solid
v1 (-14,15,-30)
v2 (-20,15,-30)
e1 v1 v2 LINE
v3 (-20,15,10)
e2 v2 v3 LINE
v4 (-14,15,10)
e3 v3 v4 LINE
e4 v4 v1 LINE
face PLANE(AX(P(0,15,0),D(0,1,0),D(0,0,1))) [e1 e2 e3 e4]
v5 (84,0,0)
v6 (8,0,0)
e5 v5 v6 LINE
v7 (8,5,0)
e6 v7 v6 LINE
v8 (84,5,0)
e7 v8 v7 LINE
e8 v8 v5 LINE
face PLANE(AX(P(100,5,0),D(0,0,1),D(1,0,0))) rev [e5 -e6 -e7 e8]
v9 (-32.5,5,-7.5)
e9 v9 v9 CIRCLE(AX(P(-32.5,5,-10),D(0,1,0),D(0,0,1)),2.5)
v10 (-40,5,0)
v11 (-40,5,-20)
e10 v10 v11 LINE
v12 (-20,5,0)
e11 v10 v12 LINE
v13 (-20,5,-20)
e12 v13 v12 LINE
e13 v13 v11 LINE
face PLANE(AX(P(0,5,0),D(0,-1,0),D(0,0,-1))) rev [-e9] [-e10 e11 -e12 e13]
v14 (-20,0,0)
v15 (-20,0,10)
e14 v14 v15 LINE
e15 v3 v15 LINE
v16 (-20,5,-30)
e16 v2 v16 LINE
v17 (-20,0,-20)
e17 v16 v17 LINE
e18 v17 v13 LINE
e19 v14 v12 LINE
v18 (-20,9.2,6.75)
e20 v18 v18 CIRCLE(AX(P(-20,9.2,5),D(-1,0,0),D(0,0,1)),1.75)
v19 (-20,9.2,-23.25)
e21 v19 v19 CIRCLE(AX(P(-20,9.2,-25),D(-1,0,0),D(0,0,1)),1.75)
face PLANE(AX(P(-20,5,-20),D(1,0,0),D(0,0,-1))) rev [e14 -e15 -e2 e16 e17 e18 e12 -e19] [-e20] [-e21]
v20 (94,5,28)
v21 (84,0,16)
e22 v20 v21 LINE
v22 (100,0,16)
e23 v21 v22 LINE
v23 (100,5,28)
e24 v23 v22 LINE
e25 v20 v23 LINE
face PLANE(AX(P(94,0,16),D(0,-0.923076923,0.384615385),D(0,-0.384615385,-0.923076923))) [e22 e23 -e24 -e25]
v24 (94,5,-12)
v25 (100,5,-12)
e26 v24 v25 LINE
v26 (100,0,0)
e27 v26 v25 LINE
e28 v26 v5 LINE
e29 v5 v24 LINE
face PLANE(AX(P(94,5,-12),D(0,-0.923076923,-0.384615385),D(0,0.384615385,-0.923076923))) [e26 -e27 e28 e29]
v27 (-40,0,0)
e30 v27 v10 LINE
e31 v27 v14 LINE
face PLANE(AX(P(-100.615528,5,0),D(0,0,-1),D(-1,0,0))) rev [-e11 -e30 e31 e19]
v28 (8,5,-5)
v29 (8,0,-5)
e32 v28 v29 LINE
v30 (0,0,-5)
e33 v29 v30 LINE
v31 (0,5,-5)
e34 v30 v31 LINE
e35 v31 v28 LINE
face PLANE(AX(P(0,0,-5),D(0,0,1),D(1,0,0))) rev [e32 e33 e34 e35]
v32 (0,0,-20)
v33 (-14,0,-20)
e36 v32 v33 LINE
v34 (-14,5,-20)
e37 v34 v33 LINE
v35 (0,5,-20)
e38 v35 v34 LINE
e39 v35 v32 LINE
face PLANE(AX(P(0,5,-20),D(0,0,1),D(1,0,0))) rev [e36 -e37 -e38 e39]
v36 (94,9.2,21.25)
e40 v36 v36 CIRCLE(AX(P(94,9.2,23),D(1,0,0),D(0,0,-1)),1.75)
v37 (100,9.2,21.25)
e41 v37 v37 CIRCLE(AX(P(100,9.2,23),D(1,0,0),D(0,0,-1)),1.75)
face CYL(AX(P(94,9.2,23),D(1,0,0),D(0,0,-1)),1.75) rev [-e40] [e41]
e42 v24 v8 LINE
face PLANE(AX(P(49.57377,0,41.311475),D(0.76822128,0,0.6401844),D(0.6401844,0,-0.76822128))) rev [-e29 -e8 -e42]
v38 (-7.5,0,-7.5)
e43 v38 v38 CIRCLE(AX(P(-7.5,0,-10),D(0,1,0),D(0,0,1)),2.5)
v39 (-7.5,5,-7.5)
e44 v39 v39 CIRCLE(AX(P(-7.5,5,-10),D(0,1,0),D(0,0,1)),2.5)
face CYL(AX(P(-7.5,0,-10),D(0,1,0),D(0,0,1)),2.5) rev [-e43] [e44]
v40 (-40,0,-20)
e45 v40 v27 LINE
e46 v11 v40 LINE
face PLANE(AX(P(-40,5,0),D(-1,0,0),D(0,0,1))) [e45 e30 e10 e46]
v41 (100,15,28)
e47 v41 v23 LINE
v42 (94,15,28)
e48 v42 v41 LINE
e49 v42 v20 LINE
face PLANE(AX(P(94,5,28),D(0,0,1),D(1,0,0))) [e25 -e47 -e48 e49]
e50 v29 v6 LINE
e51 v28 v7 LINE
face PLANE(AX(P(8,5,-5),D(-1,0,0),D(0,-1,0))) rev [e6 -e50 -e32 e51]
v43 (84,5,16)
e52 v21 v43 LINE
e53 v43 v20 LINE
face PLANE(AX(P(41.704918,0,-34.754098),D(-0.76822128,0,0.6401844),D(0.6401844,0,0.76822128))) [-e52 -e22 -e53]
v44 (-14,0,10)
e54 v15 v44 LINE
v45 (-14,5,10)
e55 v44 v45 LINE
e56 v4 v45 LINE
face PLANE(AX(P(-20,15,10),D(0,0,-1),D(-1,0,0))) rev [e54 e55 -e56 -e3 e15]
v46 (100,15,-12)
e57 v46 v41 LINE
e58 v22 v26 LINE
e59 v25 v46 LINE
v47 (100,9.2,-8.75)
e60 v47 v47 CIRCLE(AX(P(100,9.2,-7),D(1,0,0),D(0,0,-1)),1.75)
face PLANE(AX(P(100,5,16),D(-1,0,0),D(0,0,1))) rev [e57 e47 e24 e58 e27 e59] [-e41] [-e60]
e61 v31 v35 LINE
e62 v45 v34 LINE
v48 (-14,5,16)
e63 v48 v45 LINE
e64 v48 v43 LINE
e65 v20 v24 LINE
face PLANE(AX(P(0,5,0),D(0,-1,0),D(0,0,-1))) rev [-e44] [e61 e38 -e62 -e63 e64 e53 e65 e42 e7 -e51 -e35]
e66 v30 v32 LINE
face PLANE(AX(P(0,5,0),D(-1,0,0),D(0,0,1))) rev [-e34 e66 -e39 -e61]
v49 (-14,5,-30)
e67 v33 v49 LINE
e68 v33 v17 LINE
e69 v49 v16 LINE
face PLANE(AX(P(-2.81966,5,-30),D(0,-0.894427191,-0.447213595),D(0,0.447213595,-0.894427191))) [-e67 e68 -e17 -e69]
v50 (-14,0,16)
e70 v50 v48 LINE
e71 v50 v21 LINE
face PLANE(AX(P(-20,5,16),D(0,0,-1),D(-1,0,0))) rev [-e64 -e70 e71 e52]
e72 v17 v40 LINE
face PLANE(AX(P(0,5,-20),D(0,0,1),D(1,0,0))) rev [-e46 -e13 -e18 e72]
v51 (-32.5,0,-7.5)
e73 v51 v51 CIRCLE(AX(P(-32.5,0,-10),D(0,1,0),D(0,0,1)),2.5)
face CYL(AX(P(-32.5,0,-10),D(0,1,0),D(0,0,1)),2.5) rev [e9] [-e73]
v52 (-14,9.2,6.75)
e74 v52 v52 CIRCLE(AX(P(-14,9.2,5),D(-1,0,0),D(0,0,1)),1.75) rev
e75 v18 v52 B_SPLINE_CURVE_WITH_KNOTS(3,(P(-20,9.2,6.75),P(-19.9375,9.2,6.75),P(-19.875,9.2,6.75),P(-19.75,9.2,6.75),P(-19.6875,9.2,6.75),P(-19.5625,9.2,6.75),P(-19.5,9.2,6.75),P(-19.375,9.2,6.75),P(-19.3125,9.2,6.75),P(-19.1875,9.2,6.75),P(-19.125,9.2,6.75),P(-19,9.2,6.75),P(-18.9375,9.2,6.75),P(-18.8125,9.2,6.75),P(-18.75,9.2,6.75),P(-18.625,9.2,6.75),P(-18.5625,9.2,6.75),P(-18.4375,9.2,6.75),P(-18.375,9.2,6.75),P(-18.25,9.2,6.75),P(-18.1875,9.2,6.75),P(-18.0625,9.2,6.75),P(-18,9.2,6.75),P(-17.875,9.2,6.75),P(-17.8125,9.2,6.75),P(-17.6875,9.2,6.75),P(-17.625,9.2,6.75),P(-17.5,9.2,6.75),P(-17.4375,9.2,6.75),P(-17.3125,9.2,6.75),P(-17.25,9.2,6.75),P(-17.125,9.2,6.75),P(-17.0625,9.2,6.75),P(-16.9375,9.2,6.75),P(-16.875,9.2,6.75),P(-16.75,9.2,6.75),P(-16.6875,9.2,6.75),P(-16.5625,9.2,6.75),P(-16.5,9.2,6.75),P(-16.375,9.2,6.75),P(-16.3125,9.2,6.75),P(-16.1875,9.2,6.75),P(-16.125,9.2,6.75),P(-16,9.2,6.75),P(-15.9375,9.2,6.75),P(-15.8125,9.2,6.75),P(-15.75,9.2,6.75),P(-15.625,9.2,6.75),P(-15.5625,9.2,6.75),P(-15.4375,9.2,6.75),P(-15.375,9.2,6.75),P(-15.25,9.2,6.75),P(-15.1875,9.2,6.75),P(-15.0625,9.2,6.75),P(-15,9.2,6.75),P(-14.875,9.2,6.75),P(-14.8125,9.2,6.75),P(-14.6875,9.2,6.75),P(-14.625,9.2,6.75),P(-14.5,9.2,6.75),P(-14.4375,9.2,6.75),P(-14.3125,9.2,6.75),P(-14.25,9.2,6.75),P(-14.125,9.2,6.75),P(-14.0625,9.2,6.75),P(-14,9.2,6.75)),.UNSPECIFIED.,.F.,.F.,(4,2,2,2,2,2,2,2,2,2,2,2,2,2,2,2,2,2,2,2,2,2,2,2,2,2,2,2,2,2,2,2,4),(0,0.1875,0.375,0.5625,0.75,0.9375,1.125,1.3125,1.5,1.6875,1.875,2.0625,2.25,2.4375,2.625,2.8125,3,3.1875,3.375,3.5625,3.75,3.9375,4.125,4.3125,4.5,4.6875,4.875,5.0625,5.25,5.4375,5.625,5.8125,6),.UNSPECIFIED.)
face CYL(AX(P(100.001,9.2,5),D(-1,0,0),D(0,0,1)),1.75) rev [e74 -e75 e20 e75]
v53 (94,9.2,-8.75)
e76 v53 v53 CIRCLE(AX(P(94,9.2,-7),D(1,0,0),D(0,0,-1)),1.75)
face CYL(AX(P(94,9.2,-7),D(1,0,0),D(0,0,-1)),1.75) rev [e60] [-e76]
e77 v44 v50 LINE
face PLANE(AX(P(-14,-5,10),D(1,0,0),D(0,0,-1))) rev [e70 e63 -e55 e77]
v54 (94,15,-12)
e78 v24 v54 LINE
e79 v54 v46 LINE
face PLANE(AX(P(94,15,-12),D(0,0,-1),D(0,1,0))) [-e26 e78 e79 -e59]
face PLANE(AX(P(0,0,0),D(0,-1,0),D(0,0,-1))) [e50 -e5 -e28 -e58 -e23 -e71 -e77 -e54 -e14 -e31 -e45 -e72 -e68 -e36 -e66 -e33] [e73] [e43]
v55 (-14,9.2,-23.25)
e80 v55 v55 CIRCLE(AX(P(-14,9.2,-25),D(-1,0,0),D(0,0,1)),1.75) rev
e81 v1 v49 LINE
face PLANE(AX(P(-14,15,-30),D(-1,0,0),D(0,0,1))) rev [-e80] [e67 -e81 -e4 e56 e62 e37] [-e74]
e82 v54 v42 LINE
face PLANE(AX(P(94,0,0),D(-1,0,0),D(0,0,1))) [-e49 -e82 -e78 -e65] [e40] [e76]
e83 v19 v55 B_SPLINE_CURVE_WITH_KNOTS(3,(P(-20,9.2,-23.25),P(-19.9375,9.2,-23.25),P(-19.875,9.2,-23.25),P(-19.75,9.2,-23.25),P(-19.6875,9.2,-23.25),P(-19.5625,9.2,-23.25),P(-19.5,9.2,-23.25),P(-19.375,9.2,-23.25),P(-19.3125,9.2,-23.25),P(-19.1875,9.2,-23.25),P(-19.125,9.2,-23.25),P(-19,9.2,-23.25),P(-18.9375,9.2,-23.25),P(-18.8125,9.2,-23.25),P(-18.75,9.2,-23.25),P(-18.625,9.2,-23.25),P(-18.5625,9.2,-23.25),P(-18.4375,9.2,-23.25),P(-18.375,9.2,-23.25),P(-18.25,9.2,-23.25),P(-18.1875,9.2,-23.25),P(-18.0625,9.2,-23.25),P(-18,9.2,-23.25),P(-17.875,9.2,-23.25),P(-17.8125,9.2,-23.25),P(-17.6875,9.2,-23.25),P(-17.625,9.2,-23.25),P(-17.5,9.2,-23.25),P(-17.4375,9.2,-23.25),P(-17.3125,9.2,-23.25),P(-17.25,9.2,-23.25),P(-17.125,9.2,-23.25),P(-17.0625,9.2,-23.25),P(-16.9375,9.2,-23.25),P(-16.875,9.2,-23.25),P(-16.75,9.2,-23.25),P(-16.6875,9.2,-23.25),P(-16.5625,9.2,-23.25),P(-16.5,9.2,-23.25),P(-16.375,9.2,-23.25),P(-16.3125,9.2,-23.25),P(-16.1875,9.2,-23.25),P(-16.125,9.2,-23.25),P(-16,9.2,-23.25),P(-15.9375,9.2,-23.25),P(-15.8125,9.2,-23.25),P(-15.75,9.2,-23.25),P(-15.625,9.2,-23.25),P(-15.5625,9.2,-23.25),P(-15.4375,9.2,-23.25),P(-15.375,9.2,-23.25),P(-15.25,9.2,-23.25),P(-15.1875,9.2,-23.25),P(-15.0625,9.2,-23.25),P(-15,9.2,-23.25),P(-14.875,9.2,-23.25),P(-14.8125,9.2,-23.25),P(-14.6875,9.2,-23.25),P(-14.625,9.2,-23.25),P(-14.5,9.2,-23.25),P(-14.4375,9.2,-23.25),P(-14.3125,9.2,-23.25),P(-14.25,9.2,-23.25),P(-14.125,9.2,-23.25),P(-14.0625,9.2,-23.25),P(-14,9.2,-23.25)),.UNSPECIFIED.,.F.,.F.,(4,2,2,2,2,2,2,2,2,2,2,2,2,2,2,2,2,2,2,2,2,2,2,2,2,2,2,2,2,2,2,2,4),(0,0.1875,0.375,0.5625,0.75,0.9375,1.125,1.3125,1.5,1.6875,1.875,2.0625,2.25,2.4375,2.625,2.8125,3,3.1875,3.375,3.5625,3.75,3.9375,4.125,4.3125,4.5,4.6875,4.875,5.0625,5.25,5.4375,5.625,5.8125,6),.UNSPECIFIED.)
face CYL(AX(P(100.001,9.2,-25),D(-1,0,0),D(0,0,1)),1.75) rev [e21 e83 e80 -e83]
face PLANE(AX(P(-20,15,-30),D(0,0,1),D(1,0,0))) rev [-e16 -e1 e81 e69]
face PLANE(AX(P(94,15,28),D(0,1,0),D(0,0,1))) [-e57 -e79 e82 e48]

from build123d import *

# Parameters (mm, degrees)
EXTRUDE_1_DEPTH     = 5
SKETCH_2_R          = 1.75
EXTRUDE_2_DEPTH     = 6
SKETCH_3_W          = 20
SKETCH_3_H          = 5
EXTRUDE_3_DEPTH     = 20
SKETCH_4_R          = 2.5
CUT_EXTRUDE_1_DEPTH = 105.326410846
SKETCH_5_W          = 6
SKETCH_5_H          = 40
EXTRUDE_4_DEPTH     = 10
EXTRUDE_5_DEPTH     = 6
CUT_EXTRUDE_2_REACH = 126.599
SKETCH_8_R          = 1.75
EXTRUDE_6_DEPTH     = 10
CUT_EXTRUDE_3_REACH = 106.109
CUT_EXTRUDE_4_REACH = 117.472
SKETCH_16_W         = 6
SKETCH_16_H         = 6
CUT_EXTRUDE_5_DEPTH = 10
SKETCH_17_W         = 8
SKETCH_17_H         = 5
EXTRUDE_7_DEPTH     = 5


with BuildPart() as part:
    # 草图1 → 凸台-拉伸1 (new body)
    with BuildSketch(Plane(origin=(0, 0, 0), x_dir=(1, 0, 0), z_dir=(0, 1, 0))):
        Polygon((0, 0), (0, 20), (-20, 20), (-20, -16), (100, -16), (100, 0), align=None)
    extrude(amount=EXTRUDE_1_DEPTH)

    # 草图2 → 凸台-拉伸2 (add)
    with BuildSketch(Plane(origin=(100, 0, 0), x_dir=(0, 0, -1), z_dir=(1, 0, 0))):
        Polygon((-16, 0), (-28, 5), (-28, 15), (12, 15), (12, 5), (0, 0), align=None)
        with Locations((-23, 9.2)):
            Circle(SKETCH_2_R, mode=Mode.SUBTRACT)
        with Locations((7, 9.2)):
            Circle(SKETCH_2_R, mode=Mode.SUBTRACT)
    extrude(amount=-EXTRUDE_2_DEPTH)

    # 草图3 → 凸台-拉伸3 (add)
    with BuildSketch(Plane.ZY.offset(20)):
        with Locations((-10, 2.5)):
            Rectangle(SKETCH_3_W, SKETCH_3_H)
    extrude(amount=EXTRUDE_3_DEPTH)

    # 草图4 → 切除-拉伸1 (cut, through all)
    with BuildSketch(Plane(origin=(0, 5, 0), x_dir=(1, 0, 0), z_dir=(0, 1, 0))):
        with Locations(Location((-32.5, 10, 0), (0, 0, 270))):
            Circle(SKETCH_4_R)
        with Locations(Location((-7.5, 10, 0), (0, 0, 270))):
            Circle(SKETCH_4_R)
    extrude(amount=-CUT_EXTRUDE_1_DEPTH, mode=Mode.SUBTRACT)

    # 草图5 → 凸台-拉伸4 (add)
    with BuildSketch(Plane(origin=(0, 5, 0), x_dir=(1, 0, 0), z_dir=(0, 1, 0))):
        with Locations((-17, 10)):
            Rectangle(SKETCH_5_W, SKETCH_5_H)
    extrude(amount=EXTRUDE_4_DEPTH)

    # 草图7 → 凸台-拉伸5 (add)
    with BuildSketch(Plane.ZY.offset(20)):
        Polygon((-30, 5), (-20, 0), (-20, 5), align=None)
    extrude(amount=-EXTRUDE_5_DEPTH)

    # 草图8 → 切除-拉伸2 (cut, up to next)
    with BuildSketch(Plane.ZY.offset(20), mode=Mode.PRIVATE) as cut_extrude_2_sk1:
        with Locations((-25, 9.2)):
            Circle(SKETCH_8_R)
    cut_extrude_2_tool1 = extrude(cut_extrude_2_sk1.sketch, amount=-CUT_EXTRUDE_2_REACH, mode=Mode.PRIVATE) & part.part
    # 草图8 → 切除-拉伸2 (cut, up to next)
    with BuildSketch(Plane.ZY.offset(20), mode=Mode.PRIVATE) as cut_extrude_2_sk2:
        with Locations((5, 9.2)):
            Circle(SKETCH_8_R)
    cut_extrude_2_tool2 = extrude(cut_extrude_2_sk2.sketch, amount=-CUT_EXTRUDE_2_REACH, mode=Mode.PRIVATE) & part.part
    add(cut_extrude_2_tool1.solids().sort_by_distance((-20, 9.2, -25))[0], mode=Mode.SUBTRACT)
    add(cut_extrude_2_tool2.solids().sort_by_distance((-20, 9.2, 5))[0], mode=Mode.SUBTRACT)

    # 草图13 → 凸台-拉伸6 (add)
    with BuildSketch(Plane.ZY.offset(-94)):
        Polygon((-12, 5), (28, 5), (16, 0), (0, 0), align=None)
    extrude(amount=EXTRUDE_6_DEPTH)

    # 草图14 → 切除-拉伸3 (cut, up to next)
    with BuildSketch(Plane(origin=(41.704918033, 0, -34.754098361), x_dir=(-0.6401843996644796, 0, -0.7682212795973761), z_dir=(0.7682212795973761, 0, -0.6401843996644796)), mode=Mode.PRIVATE) as cut_extrude_3_sk1:
        Polygon((-66.067030045, 5), (-66.067030045, 0), (-81.687529397, 5), align=None)
    cut_extrude_3_tool1 = extrude(cut_extrude_3_sk1.sketch, amount=-CUT_EXTRUDE_3_REACH, mode=Mode.PRIVATE) & part.part
    add(cut_extrude_3_tool1.solids().sort_by_distance((87.333333, 3.333333, 20))[0], mode=Mode.SUBTRACT)

    # 草图15 → 切除-拉伸4 (cut, up to next)
    with BuildSketch(Plane(origin=(49.573770492, 0, 41.31147541), x_dir=(0.6401843996644798, 0, -0.768221279597376), z_dir=(0.768221279597376, 0, 0.6401843996644798)), mode=Mode.PRIVATE) as cut_extrude_4_sk1:
        Polygon((69.395988924, 5), (53.775489572, 0), (53.775489572, 5), align=None)
    cut_extrude_4_tool1 = extrude(cut_extrude_4_sk1.sketch, amount=-CUT_EXTRUDE_4_REACH, mode=Mode.PRIVATE) & part.part
    add(cut_extrude_4_tool1.solids().sort_by_distance((87.333333, 3.333333, -4))[0], mode=Mode.SUBTRACT)

    # 草图16 → 切除-拉伸5 (cut)
    with BuildSketch(Plane(origin=(0, 5, 0), x_dir=(1, 0, 0), z_dir=(0, 1, 0))):
        with Locations((-17, -13)):
            Rectangle(SKETCH_16_W, SKETCH_16_H)
    extrude(amount=-CUT_EXTRUDE_5_DEPTH, mode=Mode.SUBTRACT)

    # 草图17 → 凸台-拉伸7 (add)
    with BuildSketch(Plane(origin=(0, 0, 0), x_dir=(-1, 0, 0), z_dir=(0, 0, -1))):
        with Locations((-4, 2.5)):
            Rectangle(SKETCH_17_W, SKETCH_17_H)
    extrude(amount=EXTRUDE_7_DEPTH)


solid = part.part
